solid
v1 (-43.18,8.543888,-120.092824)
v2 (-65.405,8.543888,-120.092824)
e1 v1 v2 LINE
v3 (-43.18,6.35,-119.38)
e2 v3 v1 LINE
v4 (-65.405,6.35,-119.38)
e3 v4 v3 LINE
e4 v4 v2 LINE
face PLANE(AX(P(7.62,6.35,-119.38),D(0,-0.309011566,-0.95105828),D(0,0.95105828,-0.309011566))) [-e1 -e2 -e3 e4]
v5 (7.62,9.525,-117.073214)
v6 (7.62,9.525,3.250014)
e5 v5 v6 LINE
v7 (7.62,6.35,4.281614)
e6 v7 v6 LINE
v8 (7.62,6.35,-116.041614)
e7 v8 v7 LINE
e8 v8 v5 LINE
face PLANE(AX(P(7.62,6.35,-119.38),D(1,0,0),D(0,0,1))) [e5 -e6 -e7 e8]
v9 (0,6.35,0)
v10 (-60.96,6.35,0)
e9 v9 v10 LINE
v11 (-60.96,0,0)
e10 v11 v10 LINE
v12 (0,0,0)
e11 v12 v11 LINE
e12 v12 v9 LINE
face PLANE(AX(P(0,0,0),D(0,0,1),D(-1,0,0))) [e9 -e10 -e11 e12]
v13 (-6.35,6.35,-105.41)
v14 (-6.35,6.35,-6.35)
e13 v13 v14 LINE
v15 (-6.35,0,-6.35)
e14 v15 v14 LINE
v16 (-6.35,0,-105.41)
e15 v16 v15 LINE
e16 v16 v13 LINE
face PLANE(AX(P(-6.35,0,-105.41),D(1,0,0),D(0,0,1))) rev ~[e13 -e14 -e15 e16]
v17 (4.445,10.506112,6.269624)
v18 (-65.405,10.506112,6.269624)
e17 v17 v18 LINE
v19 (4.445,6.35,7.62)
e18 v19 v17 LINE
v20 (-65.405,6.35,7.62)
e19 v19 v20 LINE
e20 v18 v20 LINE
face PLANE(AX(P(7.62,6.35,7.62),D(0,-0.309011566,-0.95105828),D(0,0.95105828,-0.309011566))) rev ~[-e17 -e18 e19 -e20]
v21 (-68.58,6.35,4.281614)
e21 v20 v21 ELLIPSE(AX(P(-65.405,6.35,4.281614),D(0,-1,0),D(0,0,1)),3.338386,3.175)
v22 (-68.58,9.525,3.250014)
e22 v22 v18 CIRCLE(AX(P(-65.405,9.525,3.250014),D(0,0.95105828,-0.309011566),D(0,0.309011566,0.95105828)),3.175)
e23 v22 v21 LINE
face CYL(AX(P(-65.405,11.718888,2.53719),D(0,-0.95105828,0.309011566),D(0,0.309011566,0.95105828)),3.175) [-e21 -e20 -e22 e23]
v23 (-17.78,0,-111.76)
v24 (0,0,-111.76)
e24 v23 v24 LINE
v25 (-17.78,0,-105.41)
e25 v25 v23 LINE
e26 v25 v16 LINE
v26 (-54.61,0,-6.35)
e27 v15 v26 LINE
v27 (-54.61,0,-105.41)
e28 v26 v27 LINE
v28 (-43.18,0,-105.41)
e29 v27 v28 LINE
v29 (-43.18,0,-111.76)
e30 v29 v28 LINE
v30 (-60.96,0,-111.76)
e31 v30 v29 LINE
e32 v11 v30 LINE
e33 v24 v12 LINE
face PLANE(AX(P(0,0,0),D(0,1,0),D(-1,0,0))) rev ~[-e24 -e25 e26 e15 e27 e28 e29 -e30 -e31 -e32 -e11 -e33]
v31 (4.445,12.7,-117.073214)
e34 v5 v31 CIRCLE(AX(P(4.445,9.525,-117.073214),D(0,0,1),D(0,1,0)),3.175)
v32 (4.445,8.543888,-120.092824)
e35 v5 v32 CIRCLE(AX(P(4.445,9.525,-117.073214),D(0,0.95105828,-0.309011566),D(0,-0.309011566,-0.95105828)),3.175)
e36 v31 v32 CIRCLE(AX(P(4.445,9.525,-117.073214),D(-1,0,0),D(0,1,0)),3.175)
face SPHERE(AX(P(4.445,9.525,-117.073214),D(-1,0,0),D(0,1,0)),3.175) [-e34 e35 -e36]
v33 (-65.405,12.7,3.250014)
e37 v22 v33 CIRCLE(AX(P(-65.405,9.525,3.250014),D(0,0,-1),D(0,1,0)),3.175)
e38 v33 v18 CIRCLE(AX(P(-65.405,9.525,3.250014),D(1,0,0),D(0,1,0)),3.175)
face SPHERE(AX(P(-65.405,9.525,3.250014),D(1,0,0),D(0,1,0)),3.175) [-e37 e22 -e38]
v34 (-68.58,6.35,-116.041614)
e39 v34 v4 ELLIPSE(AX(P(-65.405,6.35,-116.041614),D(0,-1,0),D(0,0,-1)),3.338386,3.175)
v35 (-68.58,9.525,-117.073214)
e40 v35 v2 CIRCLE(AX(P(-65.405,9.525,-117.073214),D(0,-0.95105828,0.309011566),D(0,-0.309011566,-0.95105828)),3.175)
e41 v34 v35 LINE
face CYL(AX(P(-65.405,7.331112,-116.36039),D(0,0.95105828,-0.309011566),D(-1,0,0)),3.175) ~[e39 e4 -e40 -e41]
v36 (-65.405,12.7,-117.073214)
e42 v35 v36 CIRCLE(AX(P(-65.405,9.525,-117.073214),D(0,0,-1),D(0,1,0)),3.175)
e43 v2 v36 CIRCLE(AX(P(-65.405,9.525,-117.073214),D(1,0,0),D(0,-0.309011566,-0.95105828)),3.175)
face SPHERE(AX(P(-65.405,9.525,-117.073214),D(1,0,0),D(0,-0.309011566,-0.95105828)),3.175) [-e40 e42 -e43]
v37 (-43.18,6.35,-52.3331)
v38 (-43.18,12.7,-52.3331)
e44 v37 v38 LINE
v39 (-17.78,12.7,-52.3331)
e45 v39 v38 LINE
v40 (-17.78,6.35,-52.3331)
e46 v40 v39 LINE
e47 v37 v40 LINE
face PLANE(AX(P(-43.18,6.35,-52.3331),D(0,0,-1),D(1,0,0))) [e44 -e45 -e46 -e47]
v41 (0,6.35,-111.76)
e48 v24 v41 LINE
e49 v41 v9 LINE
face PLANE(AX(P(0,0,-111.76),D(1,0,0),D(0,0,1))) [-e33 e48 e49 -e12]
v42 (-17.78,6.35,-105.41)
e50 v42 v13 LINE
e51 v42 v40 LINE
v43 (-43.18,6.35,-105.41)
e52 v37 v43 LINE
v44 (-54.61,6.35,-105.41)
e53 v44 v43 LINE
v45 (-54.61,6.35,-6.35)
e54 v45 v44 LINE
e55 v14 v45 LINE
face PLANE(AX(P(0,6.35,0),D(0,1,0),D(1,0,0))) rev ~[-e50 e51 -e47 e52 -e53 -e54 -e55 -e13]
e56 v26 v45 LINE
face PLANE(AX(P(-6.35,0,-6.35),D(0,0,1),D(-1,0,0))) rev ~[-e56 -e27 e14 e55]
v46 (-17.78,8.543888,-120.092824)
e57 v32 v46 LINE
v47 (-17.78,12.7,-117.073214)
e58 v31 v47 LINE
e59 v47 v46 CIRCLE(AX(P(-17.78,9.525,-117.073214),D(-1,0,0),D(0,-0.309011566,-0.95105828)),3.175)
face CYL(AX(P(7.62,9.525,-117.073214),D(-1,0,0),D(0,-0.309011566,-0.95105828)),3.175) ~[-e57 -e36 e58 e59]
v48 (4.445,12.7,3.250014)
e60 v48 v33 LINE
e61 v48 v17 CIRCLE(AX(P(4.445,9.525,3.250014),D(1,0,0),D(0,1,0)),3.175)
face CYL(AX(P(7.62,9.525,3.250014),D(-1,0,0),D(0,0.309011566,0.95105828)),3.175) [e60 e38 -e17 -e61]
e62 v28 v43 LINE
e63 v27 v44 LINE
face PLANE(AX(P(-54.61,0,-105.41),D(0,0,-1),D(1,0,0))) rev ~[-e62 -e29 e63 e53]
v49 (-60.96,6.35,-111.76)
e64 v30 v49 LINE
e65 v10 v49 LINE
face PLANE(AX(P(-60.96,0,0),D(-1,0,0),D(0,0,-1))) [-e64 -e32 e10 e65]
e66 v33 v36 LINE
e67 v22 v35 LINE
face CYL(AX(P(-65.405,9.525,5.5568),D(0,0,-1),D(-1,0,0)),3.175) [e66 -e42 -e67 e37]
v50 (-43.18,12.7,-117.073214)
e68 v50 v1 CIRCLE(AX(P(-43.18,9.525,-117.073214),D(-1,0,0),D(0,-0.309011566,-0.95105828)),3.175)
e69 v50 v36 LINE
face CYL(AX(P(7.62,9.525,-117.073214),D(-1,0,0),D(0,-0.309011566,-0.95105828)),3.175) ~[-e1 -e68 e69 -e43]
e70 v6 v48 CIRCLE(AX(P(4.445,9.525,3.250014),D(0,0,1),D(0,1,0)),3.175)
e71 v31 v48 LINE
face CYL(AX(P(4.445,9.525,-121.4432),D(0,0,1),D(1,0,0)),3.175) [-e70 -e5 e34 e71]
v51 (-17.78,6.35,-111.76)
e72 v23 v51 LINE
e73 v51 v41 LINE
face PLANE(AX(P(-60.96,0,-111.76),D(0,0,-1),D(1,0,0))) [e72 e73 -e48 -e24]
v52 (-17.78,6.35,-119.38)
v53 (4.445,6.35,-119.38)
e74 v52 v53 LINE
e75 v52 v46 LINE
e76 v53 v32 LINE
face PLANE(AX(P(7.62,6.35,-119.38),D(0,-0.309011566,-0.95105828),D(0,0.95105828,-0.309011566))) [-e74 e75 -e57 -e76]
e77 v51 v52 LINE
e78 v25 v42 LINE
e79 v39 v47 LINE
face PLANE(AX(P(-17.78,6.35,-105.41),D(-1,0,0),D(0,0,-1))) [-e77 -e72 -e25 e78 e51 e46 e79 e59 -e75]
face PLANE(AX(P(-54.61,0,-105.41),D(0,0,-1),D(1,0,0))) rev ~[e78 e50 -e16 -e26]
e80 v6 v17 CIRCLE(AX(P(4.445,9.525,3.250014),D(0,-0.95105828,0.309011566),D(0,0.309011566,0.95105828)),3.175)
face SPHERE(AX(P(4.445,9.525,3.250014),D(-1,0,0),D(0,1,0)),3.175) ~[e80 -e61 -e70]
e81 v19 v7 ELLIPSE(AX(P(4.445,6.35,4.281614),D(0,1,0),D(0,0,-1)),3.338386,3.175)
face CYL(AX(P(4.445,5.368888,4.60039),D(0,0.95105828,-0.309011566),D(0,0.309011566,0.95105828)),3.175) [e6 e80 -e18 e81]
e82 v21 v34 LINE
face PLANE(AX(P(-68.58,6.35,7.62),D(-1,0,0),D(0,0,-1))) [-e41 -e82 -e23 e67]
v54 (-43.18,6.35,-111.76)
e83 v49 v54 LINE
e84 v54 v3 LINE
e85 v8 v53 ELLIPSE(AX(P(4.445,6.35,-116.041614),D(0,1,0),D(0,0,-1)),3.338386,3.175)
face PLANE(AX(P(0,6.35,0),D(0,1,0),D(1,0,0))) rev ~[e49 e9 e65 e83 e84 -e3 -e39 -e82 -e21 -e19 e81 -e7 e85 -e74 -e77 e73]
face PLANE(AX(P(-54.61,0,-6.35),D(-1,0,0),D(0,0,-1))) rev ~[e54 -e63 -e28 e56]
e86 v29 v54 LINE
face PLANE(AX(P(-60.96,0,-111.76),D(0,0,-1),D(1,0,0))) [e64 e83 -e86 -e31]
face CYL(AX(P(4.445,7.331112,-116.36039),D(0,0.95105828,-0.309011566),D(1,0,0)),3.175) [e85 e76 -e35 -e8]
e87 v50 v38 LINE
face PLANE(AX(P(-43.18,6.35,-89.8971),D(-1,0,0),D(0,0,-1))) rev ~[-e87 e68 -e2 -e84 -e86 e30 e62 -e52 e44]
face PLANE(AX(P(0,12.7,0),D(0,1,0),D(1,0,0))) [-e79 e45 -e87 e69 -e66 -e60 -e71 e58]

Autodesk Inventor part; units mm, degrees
ref_plane "YZ Plane" through (0, 0, 0) normal (1, 0, 0) x (0, 1, 0)
ref_plane "XZ Plane" through (0, 0, 0) normal (0, 1, 0) x (-1, 0, 0)
ref_plane "XY Plane" through (0, 0, 0) normal (0, 0, 1) x (1, 0, 0)
sketch "Sketch1" plane through (0, 0, 0) normal (0, 1, 0) x (-1, 0, 0)
  line L0 (0, 0) -> (60.96, 0)
  line L1 (60.96, 0) -> (60.96, -111.76)
  line L2 (60.96, -111.76) -> (0, -111.76)
  line L3 (0, -111.76) -> (0, 0)
  dimension "d0" = 60.96
  dimension "d1" = 111.76
extrude "Extrusion1" add sketch "Sketch1" along normal blind 6.35
sketch "Sketch2" plane through (0, 6.35, 0) normal (0, 1, 0) x (1, 0, 0)
  line L0 (-60.96, 0) -> (0, 0) projected
  line L1 (0, 0) -> (0, 111.76) projected
  line L2 (0, 111.76) -> (-60.96, 111.76) projected
  line L3 (-60.96, 111.76) -> (-60.96, 0) projected
  line L4 (7.62, -7.62) -> (-68.58, -7.62)
  line L5 (-68.58, -7.62) -> (-68.58, 119.38)
  line L6 (-68.58, 119.38) -> (7.62, 119.38)
  line L7 (7.62, 119.38) -> (7.62, -7.62)
  dimension "d4" = 7.62
extrude "Extrusion2" add sketch "Sketch2" along normal blind 6.35 contours L3 L2 L1 L0 | L4 L5 L6 L7
sketch "Sketch3" plane through (7.62, 6.35, 7.62) normal (1, 0, 0) x (0, 0, -1)
  line L0 (127, 0) -> (127, 6.35) projected
  line L1 (127, 0) -> (129.0632, 6.35)
  line L2 (127, 0) -> (136.5189, 0) construction
  line L3 (127, 6.35) -> (129.0632, 6.35)
  line L4 (0, 0) -> (0, 6.35) projected
  line L5 (0, 0) -> (2.0632, 6.35)
  line L6 (127, 6.35) -> (0, 6.35) projected
  line L7 (127, 0) -> (0, 0) projected
  line L8 (127, 0) -> (127, 6.35) projected
  line L9 (0, 6.35) -> (127, 6.35) projected
  line L10 (0, 0) -> (0, 6.35) projected
  point P0 (7.62, -6.35)
  dimension "d7" = 72
extrude "Extrusion3" add sketch "Sketch3" against normal blind 76.2 contours L0 L3 L1 | L4 L6 L5
sketch "Sketch4" plane through (7.62, 6.35, 7.62) normal (1, 0, 0) x (0, 0, -1)
  line L0 (0, 0) -> (2.0632, 6.35)
  line L1 (0, 0) -> (11.0448, 0) construction
  line L2 (0, 0) -> (0, 6.35) projected
  line L3 (0, 6.35) -> (129.0632, 6.35) projected
  point P0 (7.62, -6.35)
  dimension "d10" = 72
extrude "Extrusion4" cut sketch "Sketch4" against normal through all
fillet "Fillet2" radius 3.175 8 edges at (-68.58, 12.7, -57.9432) (-30.48, 12.7, -121.4432) (7.62, 12.7, -57.9432) (-68.58, 9.525, -120.4116) (7.62, 9.525, -120.4116) (7.62, 9.525, 6.5884) (-68.58, 9.525, 6.5884) (-30.48, 12.7, 5.5568)
sketch "Sketch5" plane through (0, 0, 0) normal (0, -1, 0) x (1, 0, 0)
  line L0 (0, 0) -> (-60.96, 0) projected
  line L1 (-60.96, 0) -> (-60.96, -111.76) projected
  line L2 (-60.96, -111.76) -> (0, -111.76) projected
  line L3 (0, -111.76) -> (0, 0) projected
  line L4 (-6.35, -6.35) -> (-54.61, -6.35)
  line L5 (-54.61, -6.35) -> (-54.61, -105.41)
  line L6 (-54.61, -105.41) -> (-6.35, -105.41)
  line L7 (-6.35, -105.41) -> (-6.35, -6.35)
  dimension "d16" = 6.35
extrude "Extrusion5" cut sketch "Sketch5" against normal blind 6.35 contours L7 L6 L5 L4
sketch "Sketch6" plane through (0, 0, 0) normal (0, -1, 0) x (1, 0, 0)
  line L0 (-60.96, -111.76) -> (0, -111.76) projected
  line L1 (-30.48, -111.76) -> (-17.78, -111.76)
  line L2 (-6.35, -105.41) -> (-54.61, -105.41) projected
  line L3 (-17.78, -111.76) -> (-43.18, -111.76)
  line L4 (-43.18, -111.76) -> (-43.18, -105.41)
  line L5 (-43.18, -105.41) -> (-17.78, -105.41)
  line L6 (-17.78, -105.41) -> (-17.78, -111.76)
  point P0 (0, 0)
  dimension "d19" = 12.7
  dimension "d20" = 25.4
extrude "Extrusion6" cut sketch "Sketch6" against normal blind 6.35
sketch "Sketch7" plane through (0, 6.35, 0) normal (0, -1, 0) x (1, 0, 0)
  line L0 (-17.78, -105.41) -> (-17.78, -111.76) projected
  line L1 (-17.78, -111.76) -> (-43.18, -111.76)
  line L2 (-43.18, -111.76) -> (-43.18, -142.1145)
  line L3 (-43.18, -142.1145) -> (-17.78, -142.1145)
  line L4 (-17.78, -142.1145) -> (-17.78, -111.76)
  line L5 (-43.18, -142.1145) -> (-17.78, -142.1145)
  line L6 (-17.78, -142.1145) -> (-17.78, -89.8971)
  line L7 (-17.78, -89.8971) -> (-43.18, -89.8971)
  line L8 (-43.18, -89.8971) -> (-43.18, -142.1145)
  point P0 (0, 0)
extrude "Extrusion7" cut sketch "Sketch7" against normal blind 25.4
sketch "Sketch8" plane through (0, 6.35, 0) normal (0, -1, 0) x (1, 0, 0)
  line L0 (-43.18, -89.8971) -> (-17.78, -89.8971) projected
  line L1 (-17.78, -89.8971) -> (-43.18, -89.8971)
  line L2 (-43.18, -89.8971) -> (-43.18, -52.3331)
  line L3 (-43.18, -52.3331) -> (-17.78, -52.3331)
  line L4 (-17.78, -52.3331) -> (-17.78, -89.8971)
  point P0 (0, 0)
extrude "Extrusion8" cut sketch "Sketch8" against normal blind 25.4
properties part number "Lid"
